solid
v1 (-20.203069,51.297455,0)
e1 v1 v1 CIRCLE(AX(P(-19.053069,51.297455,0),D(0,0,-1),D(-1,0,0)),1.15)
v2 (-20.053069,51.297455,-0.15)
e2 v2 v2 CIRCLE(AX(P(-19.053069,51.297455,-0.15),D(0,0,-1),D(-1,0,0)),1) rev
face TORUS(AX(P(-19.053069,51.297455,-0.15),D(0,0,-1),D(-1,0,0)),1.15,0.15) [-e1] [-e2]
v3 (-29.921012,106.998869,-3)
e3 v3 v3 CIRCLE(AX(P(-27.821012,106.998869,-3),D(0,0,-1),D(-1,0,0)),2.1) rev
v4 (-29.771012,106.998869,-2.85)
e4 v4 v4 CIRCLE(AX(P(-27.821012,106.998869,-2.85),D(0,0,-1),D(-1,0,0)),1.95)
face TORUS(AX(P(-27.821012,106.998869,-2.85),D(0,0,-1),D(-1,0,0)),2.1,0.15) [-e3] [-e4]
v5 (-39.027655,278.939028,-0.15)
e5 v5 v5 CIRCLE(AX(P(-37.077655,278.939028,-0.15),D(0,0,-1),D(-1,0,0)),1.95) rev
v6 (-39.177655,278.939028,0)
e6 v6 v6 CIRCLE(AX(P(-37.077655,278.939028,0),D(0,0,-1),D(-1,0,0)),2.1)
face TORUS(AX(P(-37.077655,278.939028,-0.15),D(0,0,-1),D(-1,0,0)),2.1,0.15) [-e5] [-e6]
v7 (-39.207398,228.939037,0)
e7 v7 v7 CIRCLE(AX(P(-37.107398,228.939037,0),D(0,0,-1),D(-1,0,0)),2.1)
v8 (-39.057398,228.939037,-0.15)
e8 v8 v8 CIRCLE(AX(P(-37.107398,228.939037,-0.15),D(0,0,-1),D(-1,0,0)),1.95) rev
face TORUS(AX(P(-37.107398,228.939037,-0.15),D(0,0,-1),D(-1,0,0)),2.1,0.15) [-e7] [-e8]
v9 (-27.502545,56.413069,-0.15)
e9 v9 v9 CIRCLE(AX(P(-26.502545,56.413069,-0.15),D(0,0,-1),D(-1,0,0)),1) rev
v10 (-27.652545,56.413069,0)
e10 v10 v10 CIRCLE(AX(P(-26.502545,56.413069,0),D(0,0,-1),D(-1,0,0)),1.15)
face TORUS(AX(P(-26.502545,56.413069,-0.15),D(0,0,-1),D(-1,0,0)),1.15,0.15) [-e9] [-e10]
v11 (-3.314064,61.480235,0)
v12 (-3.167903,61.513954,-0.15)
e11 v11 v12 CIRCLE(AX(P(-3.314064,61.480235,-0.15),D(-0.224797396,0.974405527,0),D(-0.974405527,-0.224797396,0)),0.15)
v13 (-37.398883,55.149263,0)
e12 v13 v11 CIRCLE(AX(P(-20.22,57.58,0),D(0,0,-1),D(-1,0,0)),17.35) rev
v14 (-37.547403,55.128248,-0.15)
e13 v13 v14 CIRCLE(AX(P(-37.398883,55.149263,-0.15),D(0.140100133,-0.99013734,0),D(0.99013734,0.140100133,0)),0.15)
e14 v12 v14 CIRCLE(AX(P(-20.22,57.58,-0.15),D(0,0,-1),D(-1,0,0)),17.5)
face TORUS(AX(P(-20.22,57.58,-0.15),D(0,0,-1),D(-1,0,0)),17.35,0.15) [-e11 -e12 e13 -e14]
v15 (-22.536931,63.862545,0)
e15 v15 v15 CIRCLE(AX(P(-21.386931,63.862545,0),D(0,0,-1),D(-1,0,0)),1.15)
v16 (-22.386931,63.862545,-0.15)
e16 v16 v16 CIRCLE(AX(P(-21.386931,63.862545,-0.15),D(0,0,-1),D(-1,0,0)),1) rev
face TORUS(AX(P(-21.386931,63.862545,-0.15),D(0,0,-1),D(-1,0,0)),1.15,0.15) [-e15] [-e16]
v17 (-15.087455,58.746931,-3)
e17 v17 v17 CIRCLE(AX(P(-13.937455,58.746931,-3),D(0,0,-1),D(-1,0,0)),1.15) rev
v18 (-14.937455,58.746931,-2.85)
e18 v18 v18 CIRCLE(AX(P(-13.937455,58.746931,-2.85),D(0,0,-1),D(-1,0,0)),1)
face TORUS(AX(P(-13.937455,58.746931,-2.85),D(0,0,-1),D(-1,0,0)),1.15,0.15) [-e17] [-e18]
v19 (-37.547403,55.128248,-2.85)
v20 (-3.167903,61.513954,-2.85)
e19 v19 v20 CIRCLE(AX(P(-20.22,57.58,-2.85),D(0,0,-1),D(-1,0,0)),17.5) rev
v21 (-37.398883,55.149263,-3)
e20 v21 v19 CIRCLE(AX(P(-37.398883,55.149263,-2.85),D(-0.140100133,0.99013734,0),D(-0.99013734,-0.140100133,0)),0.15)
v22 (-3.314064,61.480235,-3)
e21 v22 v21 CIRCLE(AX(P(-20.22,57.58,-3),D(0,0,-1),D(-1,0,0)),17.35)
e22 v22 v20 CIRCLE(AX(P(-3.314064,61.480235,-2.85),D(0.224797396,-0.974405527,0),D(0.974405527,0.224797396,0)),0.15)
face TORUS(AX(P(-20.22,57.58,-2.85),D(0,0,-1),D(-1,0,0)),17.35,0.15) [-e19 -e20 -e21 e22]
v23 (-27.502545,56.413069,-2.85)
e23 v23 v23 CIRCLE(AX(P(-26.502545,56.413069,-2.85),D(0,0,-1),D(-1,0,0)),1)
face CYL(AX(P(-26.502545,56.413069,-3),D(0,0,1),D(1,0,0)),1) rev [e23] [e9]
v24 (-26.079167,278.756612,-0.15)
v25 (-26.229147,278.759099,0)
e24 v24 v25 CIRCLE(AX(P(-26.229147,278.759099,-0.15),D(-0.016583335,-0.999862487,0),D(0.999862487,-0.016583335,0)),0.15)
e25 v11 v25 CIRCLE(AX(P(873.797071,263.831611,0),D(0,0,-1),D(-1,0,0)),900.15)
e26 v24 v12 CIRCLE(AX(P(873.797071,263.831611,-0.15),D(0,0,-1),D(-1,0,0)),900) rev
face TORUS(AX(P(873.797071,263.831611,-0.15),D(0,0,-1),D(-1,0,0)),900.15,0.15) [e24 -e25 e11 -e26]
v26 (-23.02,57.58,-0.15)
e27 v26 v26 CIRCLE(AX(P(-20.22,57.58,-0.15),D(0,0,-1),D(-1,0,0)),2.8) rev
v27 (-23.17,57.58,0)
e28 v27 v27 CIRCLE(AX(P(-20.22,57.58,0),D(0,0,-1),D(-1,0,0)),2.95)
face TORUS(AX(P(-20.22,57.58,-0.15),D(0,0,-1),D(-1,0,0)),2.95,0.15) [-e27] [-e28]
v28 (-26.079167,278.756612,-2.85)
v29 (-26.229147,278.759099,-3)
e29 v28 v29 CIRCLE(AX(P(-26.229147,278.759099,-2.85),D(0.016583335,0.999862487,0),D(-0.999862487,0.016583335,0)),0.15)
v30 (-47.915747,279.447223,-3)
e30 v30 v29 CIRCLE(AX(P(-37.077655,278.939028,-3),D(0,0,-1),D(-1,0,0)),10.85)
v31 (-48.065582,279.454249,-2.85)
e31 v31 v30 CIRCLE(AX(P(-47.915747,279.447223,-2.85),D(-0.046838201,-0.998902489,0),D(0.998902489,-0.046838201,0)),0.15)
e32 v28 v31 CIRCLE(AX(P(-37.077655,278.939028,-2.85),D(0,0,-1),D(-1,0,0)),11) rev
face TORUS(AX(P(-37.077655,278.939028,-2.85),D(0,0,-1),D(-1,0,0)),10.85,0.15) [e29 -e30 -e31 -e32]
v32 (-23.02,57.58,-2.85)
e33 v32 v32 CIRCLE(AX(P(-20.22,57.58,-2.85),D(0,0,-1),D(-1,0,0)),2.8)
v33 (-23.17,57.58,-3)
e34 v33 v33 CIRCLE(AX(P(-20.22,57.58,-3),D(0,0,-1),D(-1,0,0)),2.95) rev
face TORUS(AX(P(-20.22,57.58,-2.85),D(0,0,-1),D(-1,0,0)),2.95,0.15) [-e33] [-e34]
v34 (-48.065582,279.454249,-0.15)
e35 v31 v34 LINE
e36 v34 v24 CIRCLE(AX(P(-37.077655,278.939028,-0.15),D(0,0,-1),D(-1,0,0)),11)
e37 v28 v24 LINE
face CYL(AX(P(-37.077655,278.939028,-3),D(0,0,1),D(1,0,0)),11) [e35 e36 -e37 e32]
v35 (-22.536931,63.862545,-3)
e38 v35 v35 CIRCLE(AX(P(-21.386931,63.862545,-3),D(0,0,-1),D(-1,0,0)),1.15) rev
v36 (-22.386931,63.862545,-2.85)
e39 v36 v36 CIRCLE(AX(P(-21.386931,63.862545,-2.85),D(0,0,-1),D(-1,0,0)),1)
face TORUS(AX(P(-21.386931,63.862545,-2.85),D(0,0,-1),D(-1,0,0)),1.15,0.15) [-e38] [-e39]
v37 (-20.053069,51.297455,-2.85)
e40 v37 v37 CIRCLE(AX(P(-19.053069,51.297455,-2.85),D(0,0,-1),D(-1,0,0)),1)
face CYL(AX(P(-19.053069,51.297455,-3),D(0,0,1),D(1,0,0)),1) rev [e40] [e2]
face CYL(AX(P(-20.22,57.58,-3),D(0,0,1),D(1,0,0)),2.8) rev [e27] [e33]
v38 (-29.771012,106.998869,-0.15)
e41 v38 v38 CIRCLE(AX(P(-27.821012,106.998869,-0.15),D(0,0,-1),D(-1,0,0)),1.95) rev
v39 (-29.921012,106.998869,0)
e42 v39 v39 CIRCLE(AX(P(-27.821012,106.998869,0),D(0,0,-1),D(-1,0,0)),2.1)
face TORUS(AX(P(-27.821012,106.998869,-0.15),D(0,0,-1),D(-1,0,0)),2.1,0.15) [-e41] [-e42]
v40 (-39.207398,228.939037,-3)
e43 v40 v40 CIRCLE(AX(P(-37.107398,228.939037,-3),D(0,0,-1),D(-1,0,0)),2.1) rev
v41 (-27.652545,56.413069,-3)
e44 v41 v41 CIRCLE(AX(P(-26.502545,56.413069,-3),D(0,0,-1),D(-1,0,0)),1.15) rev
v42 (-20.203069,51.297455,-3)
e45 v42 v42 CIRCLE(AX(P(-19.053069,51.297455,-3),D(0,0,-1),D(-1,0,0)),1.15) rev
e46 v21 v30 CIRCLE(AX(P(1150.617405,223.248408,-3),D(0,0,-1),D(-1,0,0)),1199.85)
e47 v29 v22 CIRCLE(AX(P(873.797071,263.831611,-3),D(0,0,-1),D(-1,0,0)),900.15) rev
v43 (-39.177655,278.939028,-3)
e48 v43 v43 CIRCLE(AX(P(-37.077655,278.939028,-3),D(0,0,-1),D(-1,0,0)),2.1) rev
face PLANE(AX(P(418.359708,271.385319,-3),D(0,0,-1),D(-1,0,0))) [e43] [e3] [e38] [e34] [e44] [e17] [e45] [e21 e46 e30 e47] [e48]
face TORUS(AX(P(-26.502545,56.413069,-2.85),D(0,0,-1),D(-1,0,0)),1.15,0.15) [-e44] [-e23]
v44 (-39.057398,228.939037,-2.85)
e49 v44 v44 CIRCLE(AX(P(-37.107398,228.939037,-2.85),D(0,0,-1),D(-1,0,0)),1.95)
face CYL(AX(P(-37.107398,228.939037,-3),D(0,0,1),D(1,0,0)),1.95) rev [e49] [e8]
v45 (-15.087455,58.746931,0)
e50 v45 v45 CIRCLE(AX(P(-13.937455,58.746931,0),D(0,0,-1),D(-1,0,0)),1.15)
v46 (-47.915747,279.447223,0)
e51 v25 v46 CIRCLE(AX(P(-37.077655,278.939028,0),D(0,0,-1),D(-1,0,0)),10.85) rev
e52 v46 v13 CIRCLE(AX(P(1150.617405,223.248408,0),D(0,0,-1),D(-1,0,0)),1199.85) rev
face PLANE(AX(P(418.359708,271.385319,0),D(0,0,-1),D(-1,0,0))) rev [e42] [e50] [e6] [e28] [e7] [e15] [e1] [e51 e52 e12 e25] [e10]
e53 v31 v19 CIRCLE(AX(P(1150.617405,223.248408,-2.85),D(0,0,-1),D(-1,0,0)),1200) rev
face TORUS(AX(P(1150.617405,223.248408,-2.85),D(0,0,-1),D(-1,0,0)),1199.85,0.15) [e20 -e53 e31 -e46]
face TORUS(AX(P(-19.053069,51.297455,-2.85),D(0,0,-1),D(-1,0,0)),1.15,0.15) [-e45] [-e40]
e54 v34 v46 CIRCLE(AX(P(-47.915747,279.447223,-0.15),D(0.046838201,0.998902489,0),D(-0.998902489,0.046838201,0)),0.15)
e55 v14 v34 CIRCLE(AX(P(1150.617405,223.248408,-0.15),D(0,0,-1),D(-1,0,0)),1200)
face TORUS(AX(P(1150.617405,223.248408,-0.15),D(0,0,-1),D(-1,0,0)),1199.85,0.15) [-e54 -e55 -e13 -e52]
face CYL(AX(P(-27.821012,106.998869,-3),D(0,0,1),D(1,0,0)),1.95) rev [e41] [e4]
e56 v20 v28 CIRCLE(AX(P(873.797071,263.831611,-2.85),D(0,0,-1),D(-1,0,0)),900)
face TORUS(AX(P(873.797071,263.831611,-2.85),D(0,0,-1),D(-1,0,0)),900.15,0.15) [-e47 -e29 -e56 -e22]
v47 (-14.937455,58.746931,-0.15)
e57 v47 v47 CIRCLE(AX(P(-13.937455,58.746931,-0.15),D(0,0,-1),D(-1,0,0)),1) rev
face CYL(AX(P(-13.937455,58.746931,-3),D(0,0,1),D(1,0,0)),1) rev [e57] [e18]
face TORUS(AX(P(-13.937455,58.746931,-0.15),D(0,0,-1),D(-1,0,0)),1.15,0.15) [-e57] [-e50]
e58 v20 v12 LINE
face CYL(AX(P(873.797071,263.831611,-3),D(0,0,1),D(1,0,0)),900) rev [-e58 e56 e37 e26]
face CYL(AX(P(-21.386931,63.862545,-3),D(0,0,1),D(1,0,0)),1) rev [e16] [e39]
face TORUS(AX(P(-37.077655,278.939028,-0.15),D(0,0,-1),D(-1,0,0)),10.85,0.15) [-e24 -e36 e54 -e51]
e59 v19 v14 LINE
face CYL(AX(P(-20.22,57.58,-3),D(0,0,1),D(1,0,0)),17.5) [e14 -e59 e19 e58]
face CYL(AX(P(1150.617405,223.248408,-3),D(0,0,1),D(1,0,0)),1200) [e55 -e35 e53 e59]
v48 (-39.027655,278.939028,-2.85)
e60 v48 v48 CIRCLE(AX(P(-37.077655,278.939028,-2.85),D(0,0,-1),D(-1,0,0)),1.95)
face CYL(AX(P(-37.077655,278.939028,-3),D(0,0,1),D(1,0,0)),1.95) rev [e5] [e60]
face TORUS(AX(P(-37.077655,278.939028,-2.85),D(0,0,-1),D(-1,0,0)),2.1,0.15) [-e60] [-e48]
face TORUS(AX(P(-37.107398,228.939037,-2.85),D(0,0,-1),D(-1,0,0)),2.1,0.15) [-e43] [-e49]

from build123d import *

# Parameters (mm, degrees)
SKETCH1_R           = 2.8
SKETCH1_R_2         = 1.95
SKETCH1_R_3         = 1
BOSS_EXTRUDE1_DEPTH = 3
FILLET1_R           = 0.15


with BuildPart() as part:
    # Sketch1 → Boss-Extrude1 (new body)
    with BuildSketch(Plane.XY):
        with BuildLine():
            ThreePointArc((-26.079167388, 278.756611768), (-21.239110839, 169.437578513), (-3.167903279, 61.513954424))
            ThreePointArc((-3.167903279, 61.513954424), (-17.024180678, 40.374281798), (-37.547403455, 55.128247669))
            ThreePointArc((-37.547403455, 55.128247669), (-48.065680098, 167.044655833), (-48.065582127, 279.454248661))
            ThreePointArc((-48.065582127, 279.454248661), (-36.728796341, 289.933495141), (-26.079167388, 278.756611768))
        make_face()
        with Locations((-20.22, 57.58)):
            Circle(SKETCH1_R, mode=Mode.SUBTRACT)
        with Locations((-37.077654746, 278.93902845)):
            Circle(SKETCH1_R_2, mode=Mode.SUBTRACT)
        with Locations((-37.107397794, 228.939037297)):
            Circle(SKETCH1_R_2, mode=Mode.SUBTRACT)
        with Locations((-27.821012361, 106.998868978)):
            Circle(SKETCH1_R_2, mode=Mode.SUBTRACT)
        with Locations((-19.053069402, 51.297454896)):
            Circle(SKETCH1_R_3, mode=Mode.SUBTRACT)
        with Locations((-26.502545104, 56.413069402)):
            Circle(SKETCH1_R_3, mode=Mode.SUBTRACT)
        with Locations((-21.386930598, 63.862545104)):
            Circle(SKETCH1_R_3, mode=Mode.SUBTRACT)
        with Locations((-13.937454896, 58.746930598)):
            Circle(SKETCH1_R_3, mode=Mode.SUBTRACT)
    extrude(amount=-BOSS_EXTRUDE1_DEPTH)

    # Fillet1
    fillet1_edges = [part.edges().sort_by_distance(p)[0] for p in [
        (-23.02, 57.58, -3),
        (-23.02, 57.58, 0),
        (-17.024180678, 40.374281798, -3),
        (-39.027654746, 278.93902845, -3),
        (-39.027654746, 278.93902845, 0),
        (-21.239110839, 169.437578513, -3),
        (-29.771012361, 106.998868978, -3),
        (-29.771012361, 106.998868978, 0),
        (-39.057397794, 228.939037297, -3),
        (-39.057397794, 228.939037297, 0),
        (-20.053069402, 51.297454896, -3),
        (-20.053069402, 51.297454896, 0),
        (-27.502545104, 56.413069402, -3),
        (-27.502545104, 56.413069402, 0),
        (-22.386930598, 63.862545104, -3),
        (-22.386930598, 63.862545104, 0),
        (-14.937454896, 58.746930598, -3),
        (-14.937454896, 58.746930598, 0),
        (-36.728796341, 289.933495141, -3),
        (-21.239110839, 169.437578513, 0),
        (-17.024180678, 40.374281798, 0),
        (-48.065680098, 167.044655833, 0),
        (-36.728796341, 289.933495141, 0),
        (-48.065680098, 167.044655833, -3),
    ]]
    fillet(fillet1_edges, radius=FILLET1_R)


solid = part.part
